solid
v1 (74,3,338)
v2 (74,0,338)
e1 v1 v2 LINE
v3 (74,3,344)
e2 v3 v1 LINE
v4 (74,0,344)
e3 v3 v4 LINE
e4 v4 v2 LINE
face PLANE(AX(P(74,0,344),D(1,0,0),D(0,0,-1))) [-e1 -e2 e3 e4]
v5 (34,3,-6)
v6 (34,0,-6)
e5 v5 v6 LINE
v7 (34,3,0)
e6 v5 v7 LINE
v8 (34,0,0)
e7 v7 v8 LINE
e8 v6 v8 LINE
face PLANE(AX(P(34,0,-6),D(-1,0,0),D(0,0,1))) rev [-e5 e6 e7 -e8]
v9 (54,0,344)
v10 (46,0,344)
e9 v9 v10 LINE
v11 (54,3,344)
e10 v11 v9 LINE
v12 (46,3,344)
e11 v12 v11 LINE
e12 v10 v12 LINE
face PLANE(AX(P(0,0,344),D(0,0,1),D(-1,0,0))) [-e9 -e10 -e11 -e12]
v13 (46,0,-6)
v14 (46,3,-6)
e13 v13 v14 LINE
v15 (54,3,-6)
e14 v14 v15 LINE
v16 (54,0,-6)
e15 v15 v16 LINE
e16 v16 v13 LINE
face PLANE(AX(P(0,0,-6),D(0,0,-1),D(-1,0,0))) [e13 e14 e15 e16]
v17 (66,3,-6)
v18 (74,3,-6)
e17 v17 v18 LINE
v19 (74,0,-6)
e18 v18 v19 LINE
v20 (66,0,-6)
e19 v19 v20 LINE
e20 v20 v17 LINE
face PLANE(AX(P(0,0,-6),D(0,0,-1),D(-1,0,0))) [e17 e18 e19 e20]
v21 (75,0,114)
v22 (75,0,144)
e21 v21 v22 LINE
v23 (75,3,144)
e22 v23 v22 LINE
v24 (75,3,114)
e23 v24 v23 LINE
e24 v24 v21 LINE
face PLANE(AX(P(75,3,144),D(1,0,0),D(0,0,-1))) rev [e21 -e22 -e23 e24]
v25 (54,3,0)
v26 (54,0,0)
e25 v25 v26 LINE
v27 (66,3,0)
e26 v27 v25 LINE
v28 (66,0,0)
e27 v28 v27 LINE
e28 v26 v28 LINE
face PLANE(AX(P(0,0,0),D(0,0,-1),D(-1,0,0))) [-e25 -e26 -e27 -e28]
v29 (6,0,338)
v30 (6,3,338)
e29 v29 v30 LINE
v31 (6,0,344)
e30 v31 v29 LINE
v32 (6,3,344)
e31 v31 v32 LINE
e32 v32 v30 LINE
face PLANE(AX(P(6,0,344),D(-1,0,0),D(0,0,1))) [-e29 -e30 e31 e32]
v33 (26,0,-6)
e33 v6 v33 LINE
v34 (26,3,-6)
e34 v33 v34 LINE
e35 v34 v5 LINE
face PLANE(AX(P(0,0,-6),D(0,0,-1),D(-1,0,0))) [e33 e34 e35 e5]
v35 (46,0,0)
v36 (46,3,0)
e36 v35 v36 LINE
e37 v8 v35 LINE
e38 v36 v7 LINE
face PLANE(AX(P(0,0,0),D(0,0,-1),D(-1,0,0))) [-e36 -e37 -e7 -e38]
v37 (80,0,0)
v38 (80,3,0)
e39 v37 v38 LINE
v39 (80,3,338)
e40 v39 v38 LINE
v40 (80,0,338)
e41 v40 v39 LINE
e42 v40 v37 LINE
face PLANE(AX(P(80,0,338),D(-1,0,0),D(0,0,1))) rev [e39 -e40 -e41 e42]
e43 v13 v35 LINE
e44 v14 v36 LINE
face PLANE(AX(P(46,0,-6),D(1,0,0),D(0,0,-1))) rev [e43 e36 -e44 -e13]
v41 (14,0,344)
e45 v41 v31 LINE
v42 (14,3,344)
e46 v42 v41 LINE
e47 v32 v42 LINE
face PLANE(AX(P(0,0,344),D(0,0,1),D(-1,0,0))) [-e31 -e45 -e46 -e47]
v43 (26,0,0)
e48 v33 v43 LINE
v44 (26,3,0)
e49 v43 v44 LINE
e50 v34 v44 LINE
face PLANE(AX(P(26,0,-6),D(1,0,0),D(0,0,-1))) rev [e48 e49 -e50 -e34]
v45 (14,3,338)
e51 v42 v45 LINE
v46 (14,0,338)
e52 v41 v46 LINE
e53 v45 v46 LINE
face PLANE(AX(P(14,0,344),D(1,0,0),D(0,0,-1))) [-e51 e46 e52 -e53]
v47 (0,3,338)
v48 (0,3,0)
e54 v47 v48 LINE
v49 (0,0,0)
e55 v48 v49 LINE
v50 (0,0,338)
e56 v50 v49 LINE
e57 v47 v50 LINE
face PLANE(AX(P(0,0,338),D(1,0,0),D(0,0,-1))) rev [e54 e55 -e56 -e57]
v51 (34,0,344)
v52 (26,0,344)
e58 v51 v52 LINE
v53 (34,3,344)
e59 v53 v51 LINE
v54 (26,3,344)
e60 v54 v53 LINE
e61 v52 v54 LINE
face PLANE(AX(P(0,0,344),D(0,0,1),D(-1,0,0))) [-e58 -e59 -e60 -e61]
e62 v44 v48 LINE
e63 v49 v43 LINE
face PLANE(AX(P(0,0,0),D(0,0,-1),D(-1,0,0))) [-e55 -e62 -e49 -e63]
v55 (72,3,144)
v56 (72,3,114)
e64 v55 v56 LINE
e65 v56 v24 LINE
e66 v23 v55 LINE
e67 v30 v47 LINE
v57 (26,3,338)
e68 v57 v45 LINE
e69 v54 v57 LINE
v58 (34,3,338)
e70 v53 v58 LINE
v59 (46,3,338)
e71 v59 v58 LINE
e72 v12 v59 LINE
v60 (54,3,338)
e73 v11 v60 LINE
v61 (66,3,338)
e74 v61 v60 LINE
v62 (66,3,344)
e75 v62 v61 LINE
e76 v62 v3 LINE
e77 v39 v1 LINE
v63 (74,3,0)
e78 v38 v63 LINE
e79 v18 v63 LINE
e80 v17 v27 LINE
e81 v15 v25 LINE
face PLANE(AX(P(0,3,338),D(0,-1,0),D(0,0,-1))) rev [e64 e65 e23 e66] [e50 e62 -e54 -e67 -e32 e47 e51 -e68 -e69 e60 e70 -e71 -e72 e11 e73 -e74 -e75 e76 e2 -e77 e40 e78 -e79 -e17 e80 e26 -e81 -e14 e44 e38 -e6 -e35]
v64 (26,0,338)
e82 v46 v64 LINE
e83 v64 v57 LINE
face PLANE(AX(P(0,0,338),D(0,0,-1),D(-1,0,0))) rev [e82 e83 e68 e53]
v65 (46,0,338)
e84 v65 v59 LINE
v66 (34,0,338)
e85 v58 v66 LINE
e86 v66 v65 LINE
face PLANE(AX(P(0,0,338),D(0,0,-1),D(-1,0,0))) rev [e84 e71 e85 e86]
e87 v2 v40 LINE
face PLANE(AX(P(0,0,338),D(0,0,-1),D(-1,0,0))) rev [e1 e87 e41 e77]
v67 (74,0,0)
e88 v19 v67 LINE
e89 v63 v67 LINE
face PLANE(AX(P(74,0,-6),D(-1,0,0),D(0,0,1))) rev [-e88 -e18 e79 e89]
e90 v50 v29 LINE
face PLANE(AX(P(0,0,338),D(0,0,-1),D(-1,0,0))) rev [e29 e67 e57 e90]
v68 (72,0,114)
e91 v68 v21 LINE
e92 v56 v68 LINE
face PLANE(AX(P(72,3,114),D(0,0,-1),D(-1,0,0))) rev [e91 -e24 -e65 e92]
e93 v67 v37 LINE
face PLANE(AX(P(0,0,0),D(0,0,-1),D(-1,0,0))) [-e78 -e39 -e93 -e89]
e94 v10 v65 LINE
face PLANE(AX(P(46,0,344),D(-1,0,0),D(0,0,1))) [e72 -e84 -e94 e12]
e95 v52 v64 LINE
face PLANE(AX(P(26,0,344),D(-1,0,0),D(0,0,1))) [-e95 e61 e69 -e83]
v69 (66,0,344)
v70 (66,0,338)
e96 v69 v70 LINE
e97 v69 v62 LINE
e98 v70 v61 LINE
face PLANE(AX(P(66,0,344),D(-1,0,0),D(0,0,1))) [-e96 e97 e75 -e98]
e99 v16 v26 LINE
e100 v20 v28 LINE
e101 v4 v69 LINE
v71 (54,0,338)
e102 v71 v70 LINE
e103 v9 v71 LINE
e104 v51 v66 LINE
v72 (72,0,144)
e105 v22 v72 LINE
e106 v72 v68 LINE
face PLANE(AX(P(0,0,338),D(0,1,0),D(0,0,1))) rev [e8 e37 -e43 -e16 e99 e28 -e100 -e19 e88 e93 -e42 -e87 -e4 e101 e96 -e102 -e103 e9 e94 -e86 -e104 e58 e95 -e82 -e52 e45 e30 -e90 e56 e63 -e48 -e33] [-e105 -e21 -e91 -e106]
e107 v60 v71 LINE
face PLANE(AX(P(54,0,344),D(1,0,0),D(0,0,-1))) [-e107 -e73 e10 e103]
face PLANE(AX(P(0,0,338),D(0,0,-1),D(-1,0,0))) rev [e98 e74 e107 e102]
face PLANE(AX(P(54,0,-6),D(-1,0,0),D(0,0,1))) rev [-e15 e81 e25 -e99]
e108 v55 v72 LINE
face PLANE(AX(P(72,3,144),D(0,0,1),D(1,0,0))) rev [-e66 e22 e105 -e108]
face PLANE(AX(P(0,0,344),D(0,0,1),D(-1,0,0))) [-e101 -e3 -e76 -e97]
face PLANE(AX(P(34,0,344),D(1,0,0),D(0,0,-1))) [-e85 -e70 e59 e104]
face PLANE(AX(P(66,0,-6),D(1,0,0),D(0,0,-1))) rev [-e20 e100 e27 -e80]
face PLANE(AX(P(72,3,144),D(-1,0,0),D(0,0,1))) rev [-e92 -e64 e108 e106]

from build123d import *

# Parameters (mm, degrees)
ESQUISSE1_W             = 80
ESQUISSE1_H             = 3
BOSS_EXTRU_1_DEPTH      = 338
ESQUISSE3_W             = 8
ESQUISSE3_H             = 3
BOSS_EXTRU_2_DEPTH      = 6
ESQUISSE4_W             = 8
ESQUISSE4_H             = 6
ENL_V_MAT_EXTRU_2_DEPTH = 6
ESQUISSE5_W             = 3
ESQUISSE5_H             = 30
ENL_V_MAT_EXTRU_3_DEPTH = 3


with BuildPart() as part:
    # Esquisse1 → Boss.-Extru.1 (new body)
    with BuildSketch(Plane.XY):
        with Locations((40, 1.5)):
            Rectangle(ESQUISSE1_W, ESQUISSE1_H)
    extrude(amount=BOSS_EXTRU_1_DEPTH)

    # Esquisse3 → Boss.-Extru.2 (add)
    with BuildSketch(Plane(origin=(0, 0, 0), x_dir=(-1, 0, 0), z_dir=(0, 0, -1))):
        with Locations((-10, 1.5)):
            Rectangle(ESQUISSE3_W, ESQUISSE3_H)
        with Locations((-30, 1.5)):
            Rectangle(ESQUISSE3_W, ESQUISSE3_H)
        with Locations((-50, 1.5)):
            Rectangle(ESQUISSE3_W, ESQUISSE3_H)
        with Locations((-70, 1.5)):
            Rectangle(ESQUISSE3_W, ESQUISSE3_H)
    boss_extru_2 = extrude(amount=BOSS_EXTRU_2_DEPTH)

    # Symétrie1: Boss.-Extru.2 across plane
    add(boss_extru_2.mirror(Plane(origin=(0, 0, 169), x_dir=(1, 0, 0), z_dir=(0, 0, -1))))

    # Esquisse4 → Enlèv. mat.-Extru.2 (cut)
    with BuildSketch(Plane.XZ):
        with Locations((10, -3)):
            Rectangle(ESQUISSE4_W, ESQUISSE4_H)
    extrude(amount=-ENL_V_MAT_EXTRU_2_DEPTH, mode=Mode.SUBTRACT)

    # Esquisse5 → Enlèv. mat.-Extru.3 (cut)
    with BuildSketch(Plane.XZ):
        with Locations((73.5, 129)):
            Rectangle(ESQUISSE5_W, ESQUISSE5_H)
    extrude(amount=-ENL_V_MAT_EXTRU_3_DEPTH, mode=Mode.SUBTRACT)


solid = part.part
